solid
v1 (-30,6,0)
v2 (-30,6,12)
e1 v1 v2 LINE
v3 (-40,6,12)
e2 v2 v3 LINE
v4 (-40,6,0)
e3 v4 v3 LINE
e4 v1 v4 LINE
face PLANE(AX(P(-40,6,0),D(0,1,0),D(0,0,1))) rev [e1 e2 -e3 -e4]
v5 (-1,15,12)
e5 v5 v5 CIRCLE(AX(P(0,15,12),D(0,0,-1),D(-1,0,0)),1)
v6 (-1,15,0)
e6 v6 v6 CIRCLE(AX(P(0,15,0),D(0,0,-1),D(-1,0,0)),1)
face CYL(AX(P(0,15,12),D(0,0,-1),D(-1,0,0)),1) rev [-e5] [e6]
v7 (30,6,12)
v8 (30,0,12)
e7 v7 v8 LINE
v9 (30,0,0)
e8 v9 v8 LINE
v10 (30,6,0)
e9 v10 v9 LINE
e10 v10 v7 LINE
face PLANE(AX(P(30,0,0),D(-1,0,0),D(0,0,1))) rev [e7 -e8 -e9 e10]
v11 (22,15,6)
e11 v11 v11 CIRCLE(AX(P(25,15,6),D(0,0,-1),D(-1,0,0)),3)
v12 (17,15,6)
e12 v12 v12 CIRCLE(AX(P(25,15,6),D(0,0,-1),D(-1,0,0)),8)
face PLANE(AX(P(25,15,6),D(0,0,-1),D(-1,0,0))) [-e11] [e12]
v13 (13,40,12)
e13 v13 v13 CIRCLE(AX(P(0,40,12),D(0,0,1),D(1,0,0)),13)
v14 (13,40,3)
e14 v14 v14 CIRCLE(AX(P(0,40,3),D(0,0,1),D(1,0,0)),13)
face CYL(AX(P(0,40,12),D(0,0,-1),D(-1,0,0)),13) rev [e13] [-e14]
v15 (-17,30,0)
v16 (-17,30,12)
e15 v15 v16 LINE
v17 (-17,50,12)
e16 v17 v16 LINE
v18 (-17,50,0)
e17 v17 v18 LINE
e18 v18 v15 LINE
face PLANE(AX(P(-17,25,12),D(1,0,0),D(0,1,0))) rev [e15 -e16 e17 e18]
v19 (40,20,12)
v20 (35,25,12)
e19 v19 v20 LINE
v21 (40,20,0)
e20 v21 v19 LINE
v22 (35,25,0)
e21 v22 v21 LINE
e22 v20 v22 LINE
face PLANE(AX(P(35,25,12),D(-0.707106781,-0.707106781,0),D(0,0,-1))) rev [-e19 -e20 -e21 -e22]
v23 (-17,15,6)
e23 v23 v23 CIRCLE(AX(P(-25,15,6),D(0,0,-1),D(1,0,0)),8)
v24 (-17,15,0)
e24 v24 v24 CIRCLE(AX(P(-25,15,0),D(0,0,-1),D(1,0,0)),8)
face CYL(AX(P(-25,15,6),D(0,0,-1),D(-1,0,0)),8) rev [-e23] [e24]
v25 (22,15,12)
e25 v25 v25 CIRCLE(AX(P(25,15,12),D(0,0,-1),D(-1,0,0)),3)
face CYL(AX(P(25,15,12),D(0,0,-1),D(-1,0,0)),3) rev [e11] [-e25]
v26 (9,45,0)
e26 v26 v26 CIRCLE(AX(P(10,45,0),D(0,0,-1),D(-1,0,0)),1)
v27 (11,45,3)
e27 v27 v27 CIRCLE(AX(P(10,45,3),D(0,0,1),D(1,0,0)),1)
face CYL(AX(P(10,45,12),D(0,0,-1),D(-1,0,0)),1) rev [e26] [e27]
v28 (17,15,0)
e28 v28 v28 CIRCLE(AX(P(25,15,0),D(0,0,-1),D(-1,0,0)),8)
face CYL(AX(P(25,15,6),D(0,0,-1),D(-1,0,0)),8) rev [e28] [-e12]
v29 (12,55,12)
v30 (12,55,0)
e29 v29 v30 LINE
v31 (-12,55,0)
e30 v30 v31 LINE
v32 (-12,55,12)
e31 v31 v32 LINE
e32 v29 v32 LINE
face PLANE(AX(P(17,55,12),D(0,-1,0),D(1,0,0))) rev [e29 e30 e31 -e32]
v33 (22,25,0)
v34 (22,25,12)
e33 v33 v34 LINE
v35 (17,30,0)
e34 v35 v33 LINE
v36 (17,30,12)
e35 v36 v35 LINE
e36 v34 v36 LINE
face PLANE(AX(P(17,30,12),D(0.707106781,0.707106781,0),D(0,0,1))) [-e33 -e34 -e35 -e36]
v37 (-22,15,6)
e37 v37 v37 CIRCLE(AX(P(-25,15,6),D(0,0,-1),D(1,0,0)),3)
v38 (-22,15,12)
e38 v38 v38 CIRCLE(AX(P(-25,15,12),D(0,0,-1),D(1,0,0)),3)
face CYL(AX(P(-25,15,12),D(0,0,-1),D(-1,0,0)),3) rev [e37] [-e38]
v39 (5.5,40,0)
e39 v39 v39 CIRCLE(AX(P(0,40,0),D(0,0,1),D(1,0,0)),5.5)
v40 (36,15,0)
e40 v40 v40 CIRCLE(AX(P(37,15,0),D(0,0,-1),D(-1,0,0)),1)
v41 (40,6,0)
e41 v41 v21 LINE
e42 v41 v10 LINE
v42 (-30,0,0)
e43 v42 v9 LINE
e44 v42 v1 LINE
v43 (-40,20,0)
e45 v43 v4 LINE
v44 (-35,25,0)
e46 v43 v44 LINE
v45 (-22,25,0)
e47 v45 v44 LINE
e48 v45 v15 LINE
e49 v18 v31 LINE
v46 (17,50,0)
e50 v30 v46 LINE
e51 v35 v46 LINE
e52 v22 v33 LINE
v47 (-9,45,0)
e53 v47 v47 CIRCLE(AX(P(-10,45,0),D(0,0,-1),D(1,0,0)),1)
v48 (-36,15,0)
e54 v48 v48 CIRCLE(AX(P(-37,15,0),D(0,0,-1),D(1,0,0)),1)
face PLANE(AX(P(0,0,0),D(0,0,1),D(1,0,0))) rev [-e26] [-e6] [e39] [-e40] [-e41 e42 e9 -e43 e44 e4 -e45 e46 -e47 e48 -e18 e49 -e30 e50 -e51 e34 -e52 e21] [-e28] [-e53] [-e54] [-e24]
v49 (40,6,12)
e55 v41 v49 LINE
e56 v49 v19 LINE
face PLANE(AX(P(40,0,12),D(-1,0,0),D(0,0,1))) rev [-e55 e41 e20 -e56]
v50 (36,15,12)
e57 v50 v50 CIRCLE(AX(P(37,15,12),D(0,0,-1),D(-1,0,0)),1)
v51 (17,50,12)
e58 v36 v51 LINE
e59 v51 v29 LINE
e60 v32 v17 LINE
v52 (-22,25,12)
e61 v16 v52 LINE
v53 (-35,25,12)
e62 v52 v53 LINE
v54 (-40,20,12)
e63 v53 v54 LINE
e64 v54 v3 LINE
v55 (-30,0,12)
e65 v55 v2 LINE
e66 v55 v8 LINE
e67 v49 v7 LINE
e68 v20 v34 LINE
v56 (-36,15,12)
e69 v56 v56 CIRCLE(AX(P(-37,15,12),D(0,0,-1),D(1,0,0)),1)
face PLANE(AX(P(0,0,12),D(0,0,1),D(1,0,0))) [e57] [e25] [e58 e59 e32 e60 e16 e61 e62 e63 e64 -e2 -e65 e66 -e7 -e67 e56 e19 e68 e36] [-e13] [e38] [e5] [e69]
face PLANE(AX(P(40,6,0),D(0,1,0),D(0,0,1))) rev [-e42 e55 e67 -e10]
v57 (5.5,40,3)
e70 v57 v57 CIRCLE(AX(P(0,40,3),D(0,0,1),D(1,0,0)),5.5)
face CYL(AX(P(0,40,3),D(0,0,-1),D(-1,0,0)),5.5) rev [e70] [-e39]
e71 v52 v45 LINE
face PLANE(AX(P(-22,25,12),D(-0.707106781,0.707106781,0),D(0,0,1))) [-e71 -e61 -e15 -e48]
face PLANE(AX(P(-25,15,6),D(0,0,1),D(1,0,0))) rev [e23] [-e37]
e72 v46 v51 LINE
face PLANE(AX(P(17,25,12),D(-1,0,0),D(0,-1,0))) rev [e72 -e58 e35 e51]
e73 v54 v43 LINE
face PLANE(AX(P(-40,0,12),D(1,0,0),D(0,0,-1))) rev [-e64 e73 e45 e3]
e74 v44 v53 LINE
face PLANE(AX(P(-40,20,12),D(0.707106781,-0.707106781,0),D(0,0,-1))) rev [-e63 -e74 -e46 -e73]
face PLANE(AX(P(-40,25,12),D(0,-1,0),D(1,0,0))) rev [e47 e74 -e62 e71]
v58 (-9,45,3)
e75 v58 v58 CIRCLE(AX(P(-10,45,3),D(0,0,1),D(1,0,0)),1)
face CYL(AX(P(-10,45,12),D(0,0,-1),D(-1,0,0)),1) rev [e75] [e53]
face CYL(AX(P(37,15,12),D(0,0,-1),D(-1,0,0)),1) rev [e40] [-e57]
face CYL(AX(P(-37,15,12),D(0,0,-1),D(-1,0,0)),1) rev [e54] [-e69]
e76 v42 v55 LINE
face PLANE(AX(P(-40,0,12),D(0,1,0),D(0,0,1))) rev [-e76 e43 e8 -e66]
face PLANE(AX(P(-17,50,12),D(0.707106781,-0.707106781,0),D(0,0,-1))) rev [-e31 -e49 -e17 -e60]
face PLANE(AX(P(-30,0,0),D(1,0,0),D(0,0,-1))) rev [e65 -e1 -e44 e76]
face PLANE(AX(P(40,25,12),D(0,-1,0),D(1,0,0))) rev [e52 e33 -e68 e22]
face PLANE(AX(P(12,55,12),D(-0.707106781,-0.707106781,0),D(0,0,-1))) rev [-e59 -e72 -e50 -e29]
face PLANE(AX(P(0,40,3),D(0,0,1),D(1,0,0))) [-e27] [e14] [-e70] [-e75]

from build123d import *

# Parameters (mm, degrees)
ESQUISSE1_R             = 13
BOSS_EXTRU_1_DEPTH      = 12
BOSS_EXTRU_2_START      = -12
ESQUISSE2_R             = 13
ESQUISSE2_R_2           = 5.5
BOSS_EXTRU_2_DEPTH      = 3
ESQUISSE4_R             = 8
ENL_V_MAT_EXTRU_2_DEPTH = 6
ESQUISSE5_R             = 3
ENL_V_MAT_EXTRU_3_DEPTH = 69.271516755
ESQUISSE6_W             = 10
ESQUISSE6_H             = 6
ENL_V_MAT_EXTRU_4_DEPTH = 12
CHANFREIN1_SIZE         = 5
ESQUISSE7_R             = 1
ENL_V_MAT_EXTRU_5_DEPTH = 12


with BuildPart() as part:
    # Esquisse1 → Boss.-Extru.1 (new body)
    with BuildSketch(Plane.XY):
        Polygon((-40, 0), (40, 0), (40, 25), (17, 25), (17, 55), (-17, 55), (-17, 25), (-40, 25), align=None)
        with Locations((0, 40)):
            Circle(ESQUISSE1_R, mode=Mode.SUBTRACT)
    extrude(amount=BOSS_EXTRU_1_DEPTH)

    # Esquisse2 → Boss.-Extru.2 (add)
    with BuildSketch(Plane.XY.offset(12).offset(BOSS_EXTRU_2_START)):
        with Locations((0, 40)):
            Circle(ESQUISSE2_R)
        with Locations((0, 40)):
            Circle(ESQUISSE2_R_2, mode=Mode.SUBTRACT)
    extrude(amount=BOSS_EXTRU_2_DEPTH)

    # Esquisse4 → Enlèv. mat.-Extru.2 (cut)
    with BuildSketch(Plane(origin=(0, 0, 0), x_dir=(-1, 0, 0), z_dir=(0, 0, -1))):
        with Locations((-25, 15)):
            Circle(ESQUISSE4_R)
        with Locations(Location((25, 15, 0), (0, 0, 180))):
            Circle(ESQUISSE4_R)
    extrude(amount=-ENL_V_MAT_EXTRU_2_DEPTH, mode=Mode.SUBTRACT)

    # Esquisse5 → Enlèv. mat.-Extru.3 (cut, through all)
    with BuildSketch(Plane(origin=(0, 0, 6), x_dir=(-1, 0, 0), z_dir=(0, 0, -1))):
        with Locations((-25, 15)):
            Circle(ESQUISSE5_R)
        with Locations(Location((25, 15, 0), (0, 0, 180))):
            Circle(ESQUISSE5_R)
    extrude(amount=-ENL_V_MAT_EXTRU_3_DEPTH, mode=Mode.SUBTRACT)

    # Esquisse6 → Enlèv. mat.-Extru.4 (cut)
    with BuildSketch(Plane.XY.offset(12)):
        with Locations((35, 3)):
            Rectangle(ESQUISSE6_W, ESQUISSE6_H)
        with Locations((-35, 3)):
            Rectangle(ESQUISSE6_W, ESQUISSE6_H)
    extrude(amount=-ENL_V_MAT_EXTRU_4_DEPTH, mode=Mode.SUBTRACT)

    # Chanfrein1
    chanfrein1_edges = [part.edges().sort_by_distance(p)[0] for p in [
        (-17, 55, 6),
        (17, 55, 6),
        (17, 25, 6),
        (40, 25, 6),
        (-40, 25, 6),
        (-17, 25, 6),
    ]]
    chamfer(chanfrein1_edges, length=CHANFREIN1_SIZE)

    # Esquisse7 → Enlèv. mat.-Extru.5 (cut)
    with BuildSketch(Plane(origin=(0, 0, 0), x_dir=(-1, 0, 0), z_dir=(0, 0, -1))):
        with Locations((-10, 45)):
            Circle(ESQUISSE7_R)
        with Locations(Location((10, 45, 0), (0, 0, 180))):
            Circle(ESQUISSE7_R)
        with Locations((-37, 15)):
            Circle(ESQUISSE7_R)
        with Locations(Location((37, 15, 0), (0, 0, 180))):
            Circle(ESQUISSE7_R)
        with Locations((0, 15)):
            Circle(ESQUISSE7_R)
    extrude(amount=-ENL_V_MAT_EXTRU_5_DEPTH, mode=Mode.SUBTRACT)


solid = part.part
